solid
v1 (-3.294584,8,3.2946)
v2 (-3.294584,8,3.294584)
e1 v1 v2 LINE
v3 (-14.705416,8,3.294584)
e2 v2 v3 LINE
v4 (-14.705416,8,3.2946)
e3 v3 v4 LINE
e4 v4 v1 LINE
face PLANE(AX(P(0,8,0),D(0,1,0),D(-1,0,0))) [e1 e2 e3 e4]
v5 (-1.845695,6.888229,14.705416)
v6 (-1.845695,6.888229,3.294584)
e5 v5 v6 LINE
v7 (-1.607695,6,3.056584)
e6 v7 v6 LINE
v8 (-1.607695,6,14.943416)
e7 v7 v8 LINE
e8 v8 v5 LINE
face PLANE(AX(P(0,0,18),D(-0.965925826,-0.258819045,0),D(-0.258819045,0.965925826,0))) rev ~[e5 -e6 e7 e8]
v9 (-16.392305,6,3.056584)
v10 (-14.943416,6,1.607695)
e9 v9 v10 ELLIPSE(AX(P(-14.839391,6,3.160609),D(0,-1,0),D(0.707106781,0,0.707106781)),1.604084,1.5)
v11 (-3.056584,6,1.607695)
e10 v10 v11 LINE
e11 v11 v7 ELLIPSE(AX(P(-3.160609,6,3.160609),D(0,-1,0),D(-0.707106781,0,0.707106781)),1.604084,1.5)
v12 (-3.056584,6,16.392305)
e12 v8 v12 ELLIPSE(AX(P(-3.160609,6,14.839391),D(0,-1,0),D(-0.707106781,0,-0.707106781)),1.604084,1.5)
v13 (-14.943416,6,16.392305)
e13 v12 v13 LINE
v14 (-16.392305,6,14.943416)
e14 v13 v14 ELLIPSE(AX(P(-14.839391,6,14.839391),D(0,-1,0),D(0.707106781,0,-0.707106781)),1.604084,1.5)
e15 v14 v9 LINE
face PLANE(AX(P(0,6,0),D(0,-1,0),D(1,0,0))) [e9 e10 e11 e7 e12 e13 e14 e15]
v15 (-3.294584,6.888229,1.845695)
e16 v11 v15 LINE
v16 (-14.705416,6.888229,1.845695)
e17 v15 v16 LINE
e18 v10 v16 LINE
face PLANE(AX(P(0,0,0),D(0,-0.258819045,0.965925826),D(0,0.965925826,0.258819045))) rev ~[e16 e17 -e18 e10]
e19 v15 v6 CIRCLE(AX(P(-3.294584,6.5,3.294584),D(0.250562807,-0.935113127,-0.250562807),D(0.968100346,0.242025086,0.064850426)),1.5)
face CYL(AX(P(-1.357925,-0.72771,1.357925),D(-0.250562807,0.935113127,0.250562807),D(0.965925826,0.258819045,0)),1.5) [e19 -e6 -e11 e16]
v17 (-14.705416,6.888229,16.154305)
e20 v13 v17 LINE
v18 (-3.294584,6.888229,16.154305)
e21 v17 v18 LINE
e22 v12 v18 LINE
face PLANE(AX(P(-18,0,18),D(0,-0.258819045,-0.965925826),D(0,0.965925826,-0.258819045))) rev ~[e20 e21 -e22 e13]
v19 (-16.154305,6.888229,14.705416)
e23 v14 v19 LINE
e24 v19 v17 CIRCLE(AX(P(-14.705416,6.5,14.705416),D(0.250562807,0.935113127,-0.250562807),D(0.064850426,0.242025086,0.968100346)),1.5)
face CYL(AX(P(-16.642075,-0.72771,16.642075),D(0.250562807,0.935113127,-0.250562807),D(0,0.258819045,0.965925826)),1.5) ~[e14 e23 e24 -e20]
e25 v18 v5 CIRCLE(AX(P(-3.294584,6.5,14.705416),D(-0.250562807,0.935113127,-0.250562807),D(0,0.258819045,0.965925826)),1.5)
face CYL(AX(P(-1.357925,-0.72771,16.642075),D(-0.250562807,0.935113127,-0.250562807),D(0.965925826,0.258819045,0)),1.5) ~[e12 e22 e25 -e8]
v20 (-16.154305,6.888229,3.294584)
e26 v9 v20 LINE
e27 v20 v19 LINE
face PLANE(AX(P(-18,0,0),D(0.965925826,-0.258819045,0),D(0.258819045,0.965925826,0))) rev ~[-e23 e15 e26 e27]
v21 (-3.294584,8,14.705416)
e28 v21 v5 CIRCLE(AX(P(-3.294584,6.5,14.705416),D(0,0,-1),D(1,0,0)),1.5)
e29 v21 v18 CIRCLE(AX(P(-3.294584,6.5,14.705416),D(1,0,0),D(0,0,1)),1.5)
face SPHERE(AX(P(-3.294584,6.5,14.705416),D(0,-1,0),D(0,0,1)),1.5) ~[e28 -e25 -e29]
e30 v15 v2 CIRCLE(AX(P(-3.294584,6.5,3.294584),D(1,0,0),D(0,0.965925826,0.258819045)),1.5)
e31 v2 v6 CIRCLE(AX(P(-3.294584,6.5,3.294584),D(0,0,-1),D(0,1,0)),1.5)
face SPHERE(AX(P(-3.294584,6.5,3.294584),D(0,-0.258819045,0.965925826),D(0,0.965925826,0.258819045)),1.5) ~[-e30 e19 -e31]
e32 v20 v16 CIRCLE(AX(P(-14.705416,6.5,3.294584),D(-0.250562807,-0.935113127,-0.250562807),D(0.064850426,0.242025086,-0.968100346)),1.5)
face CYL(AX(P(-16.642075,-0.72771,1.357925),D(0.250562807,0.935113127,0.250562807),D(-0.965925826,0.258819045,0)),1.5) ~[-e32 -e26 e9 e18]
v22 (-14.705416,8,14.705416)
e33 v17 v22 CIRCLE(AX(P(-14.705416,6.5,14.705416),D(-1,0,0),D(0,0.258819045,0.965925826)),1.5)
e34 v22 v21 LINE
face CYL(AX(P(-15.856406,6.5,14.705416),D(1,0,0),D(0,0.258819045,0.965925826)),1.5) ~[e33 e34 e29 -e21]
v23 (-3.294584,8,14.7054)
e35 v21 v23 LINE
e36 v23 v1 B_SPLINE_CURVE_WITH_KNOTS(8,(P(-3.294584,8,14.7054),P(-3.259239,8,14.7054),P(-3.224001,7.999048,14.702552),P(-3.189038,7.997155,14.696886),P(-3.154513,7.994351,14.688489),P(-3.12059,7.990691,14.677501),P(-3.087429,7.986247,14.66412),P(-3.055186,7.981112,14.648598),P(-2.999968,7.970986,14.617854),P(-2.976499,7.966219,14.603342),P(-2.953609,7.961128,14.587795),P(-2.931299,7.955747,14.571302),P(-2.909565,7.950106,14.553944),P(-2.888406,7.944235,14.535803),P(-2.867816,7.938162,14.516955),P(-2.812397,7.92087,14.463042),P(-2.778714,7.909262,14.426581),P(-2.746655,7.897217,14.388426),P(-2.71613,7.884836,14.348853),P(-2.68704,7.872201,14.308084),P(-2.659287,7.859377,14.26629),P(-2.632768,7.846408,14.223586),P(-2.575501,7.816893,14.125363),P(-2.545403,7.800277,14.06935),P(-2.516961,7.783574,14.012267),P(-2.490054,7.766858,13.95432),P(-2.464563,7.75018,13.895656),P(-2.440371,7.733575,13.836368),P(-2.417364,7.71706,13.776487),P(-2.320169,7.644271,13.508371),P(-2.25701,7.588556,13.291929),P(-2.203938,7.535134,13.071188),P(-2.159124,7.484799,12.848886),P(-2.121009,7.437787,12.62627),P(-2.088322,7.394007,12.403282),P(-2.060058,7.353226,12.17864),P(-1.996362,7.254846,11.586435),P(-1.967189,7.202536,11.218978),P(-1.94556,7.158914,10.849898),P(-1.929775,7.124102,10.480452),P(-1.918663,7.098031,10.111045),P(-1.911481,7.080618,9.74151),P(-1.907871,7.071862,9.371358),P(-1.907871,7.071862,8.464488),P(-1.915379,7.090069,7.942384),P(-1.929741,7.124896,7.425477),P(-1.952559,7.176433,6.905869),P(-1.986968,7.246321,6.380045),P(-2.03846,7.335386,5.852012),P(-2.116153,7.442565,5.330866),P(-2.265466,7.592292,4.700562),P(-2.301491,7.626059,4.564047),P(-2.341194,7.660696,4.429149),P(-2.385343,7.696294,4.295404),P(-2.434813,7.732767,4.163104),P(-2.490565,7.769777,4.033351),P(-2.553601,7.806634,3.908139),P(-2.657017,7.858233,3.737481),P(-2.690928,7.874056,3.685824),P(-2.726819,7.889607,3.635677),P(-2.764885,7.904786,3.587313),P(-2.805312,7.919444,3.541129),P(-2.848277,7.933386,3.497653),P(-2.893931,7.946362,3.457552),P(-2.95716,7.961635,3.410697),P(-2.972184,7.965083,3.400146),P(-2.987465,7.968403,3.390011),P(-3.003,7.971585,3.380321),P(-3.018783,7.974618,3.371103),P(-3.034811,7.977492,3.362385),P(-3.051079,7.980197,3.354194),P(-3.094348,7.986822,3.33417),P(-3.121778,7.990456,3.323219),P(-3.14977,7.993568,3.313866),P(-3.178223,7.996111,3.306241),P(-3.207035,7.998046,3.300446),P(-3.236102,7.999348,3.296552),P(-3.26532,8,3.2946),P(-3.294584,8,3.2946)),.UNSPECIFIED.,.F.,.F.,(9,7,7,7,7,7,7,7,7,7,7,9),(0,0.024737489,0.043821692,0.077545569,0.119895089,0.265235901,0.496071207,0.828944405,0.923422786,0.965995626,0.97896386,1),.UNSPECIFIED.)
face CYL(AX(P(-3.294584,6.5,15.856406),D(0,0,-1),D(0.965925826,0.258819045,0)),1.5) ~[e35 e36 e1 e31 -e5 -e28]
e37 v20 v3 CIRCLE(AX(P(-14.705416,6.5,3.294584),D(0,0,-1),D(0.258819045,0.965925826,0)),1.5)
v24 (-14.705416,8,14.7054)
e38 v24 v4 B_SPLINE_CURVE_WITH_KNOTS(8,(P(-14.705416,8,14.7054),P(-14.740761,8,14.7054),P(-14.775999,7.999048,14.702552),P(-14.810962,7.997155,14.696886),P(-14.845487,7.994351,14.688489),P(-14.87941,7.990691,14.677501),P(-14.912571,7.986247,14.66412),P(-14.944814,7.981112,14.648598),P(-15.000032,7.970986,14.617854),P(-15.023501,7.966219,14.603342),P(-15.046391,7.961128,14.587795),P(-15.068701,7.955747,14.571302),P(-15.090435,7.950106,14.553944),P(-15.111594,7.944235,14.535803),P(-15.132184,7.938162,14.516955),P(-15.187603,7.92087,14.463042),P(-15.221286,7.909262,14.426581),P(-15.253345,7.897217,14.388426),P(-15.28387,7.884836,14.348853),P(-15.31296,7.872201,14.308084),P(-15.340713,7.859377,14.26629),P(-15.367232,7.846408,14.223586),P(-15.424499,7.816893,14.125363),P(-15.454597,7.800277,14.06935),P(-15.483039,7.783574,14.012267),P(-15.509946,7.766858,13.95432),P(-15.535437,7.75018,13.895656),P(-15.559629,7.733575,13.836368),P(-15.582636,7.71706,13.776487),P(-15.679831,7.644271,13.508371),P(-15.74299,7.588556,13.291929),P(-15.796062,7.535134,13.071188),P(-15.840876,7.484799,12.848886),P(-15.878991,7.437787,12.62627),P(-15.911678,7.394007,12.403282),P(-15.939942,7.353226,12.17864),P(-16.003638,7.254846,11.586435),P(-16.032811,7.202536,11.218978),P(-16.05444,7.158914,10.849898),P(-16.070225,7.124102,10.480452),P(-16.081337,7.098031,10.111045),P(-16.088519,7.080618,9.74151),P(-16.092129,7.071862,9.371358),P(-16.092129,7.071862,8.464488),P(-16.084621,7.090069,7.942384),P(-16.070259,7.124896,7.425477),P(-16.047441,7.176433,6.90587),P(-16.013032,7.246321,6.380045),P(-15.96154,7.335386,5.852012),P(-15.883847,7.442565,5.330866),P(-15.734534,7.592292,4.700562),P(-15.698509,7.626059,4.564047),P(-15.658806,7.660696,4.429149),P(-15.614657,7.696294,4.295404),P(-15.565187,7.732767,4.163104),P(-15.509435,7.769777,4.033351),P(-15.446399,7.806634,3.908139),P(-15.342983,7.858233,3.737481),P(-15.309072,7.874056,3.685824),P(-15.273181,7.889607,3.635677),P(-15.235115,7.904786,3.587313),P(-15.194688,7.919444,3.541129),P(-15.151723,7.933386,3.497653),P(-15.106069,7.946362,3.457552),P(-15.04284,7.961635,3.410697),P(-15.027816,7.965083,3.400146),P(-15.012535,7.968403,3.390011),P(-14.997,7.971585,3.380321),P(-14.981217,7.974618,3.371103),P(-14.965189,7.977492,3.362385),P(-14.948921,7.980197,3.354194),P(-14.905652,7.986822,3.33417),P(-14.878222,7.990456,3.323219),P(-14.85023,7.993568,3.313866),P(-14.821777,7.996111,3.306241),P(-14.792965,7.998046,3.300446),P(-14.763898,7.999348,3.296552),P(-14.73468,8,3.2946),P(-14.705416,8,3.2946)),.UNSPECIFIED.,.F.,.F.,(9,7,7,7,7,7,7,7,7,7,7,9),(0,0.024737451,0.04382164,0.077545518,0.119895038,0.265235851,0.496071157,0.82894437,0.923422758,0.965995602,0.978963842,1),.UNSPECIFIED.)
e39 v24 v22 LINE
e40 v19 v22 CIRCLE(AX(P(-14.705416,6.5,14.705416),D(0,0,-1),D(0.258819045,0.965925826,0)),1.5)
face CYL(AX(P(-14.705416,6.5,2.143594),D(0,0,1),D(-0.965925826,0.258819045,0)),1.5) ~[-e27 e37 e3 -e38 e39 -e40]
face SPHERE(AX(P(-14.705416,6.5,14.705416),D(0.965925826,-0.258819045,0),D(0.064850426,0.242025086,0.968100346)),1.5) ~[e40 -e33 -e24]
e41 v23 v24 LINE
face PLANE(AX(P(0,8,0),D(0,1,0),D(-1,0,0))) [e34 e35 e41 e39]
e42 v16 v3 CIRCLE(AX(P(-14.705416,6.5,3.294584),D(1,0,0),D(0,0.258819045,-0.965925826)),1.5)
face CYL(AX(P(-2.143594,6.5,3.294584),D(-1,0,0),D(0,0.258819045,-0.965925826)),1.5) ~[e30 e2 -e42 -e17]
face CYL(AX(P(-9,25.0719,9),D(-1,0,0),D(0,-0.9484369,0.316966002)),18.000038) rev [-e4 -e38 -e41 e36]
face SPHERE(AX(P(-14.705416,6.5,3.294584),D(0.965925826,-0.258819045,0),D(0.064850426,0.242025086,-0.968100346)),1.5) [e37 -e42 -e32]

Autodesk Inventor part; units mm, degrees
ref_plane "YZ Plane" through (0, 0, 0) normal (1, 0, 0) x (0, 1, 0)
ref_plane "XZ Plane" through (0, 0, 0) normal (0, 1, 0) x (-1, 0, 0)
sketch "Sketch1" plane through (0, 0, 0) normal (0, 1, 0) x (-1, 0, 0)
  line L0 (0, 0) -> (18, 0)
  line L1 (18, 0) -> (18, 18)
  line L2 (18, 18) -> (0, 18)
  line L3 (0, 18) -> (0, 0)
  dimension "d0" = 18
  dimension "d1" = 18
extrude "Extrusion1" add sketch "Sketch1" along normal blind 8 draft -15
fillet "Fillet1" radius 1.5 8 edges at (-1.0718, 4, 16.9282) (-9, 8, 15.8564) (-2.1436, 8, 9) (-9, 8, 2.1436) (-1.0718, 4, 1.0718) (-16.9282, 4, 1.0718) (-16.9282, 4, 16.9282) (-15.8564, 8, 9)
ref_plane "Work Plane1" through (-9, 33.5885, 16.5511) normal (1, 0, 0) x (0, 0, -1)
sketch "Sketch2" plane through (-9, 33.5885, 16.5511) normal (1, 0, 0) x (0, 0, -1)
  line L0 (13.2565, -25.5885) -> (1.8457, -25.5885) projected
  arc A0 (14.7054, -26.7002) -> (13.2565, -25.5885) centre (13.2565, -27.0885) ccw projected
  arc A1 (1.8457, -25.5885) -> (13.2565, -25.5885) centre (7.5511, -8.5166) ccw
  point P0 (16.5511, -33.5885)
  point P1 (13.2565, -25.5885)
  dimension "d5" = 18
extrude "Extrusion2" cut sketch "Sketch2" along normal through all both and the other way through all
sketch "Sketch3" plane through (0, 0, 0) normal (0, -1, 0) x (1, 0, 0)
  line L0 (-16.5511, 18) -> (-1.4489, 18) construction
  line L1 (-9, 18) -> (-9, 0) construction
  line L2 (-1.4489, 0) -> (-16.5511, 0) construction
  line L3 (-18, 1.4489) -> (-18, 16.5511) construction
  line L4 (-18, 9) -> (0, 9) construction
  line L5 (-1, 1) -> (-17, 1)
  line L6 (-17, 1) -> (-17, 17)
  line L7 (-17, 17) -> (-1, 17)
  line L8 (-1, 17) -> (-1, 1)
  line L9 (-1, 1) -> (-17, 17) construction
  line L10 (-17, 1) -> (-1, 17) construction
  point P0 (0, 0)
  point P1 (-9, 9)
  point P2 (-9, 9)
  dimension "d8" = 16
  dimension "d9" = 16
extrude "Extrusion3" cut sketch "Sketch3" against normal blind 4.5 draft -15
sketch "Sketch4" plane through (0, 4.5, 0) normal (0, -1, 0) x (1, 0, 0)
  line L0 (-15.7942, 15.7942) -> (-15.7942, 2.2058) construction
  line L1 (-15.7942, 9) -> (-2.2058, 9) construction
  line L2 (-2.2058, 2.2058) -> (-2.2058, 15.7942) construction
  line L3 (-2.2058, 15.7942) -> (-15.7942, 15.7942) construction
  line L4 (-9, 15.7942) -> (-9, 2.2058) construction
  line L5 (-15.7942, 2.2058) -> (-2.2058, 2.2058) construction
  circle A0 centre (-9, 9) radius 2.775
  point P0 (0, 0)
  dimension "d12" = 5.55
extrude "Extrusion4" add sketch "Sketch4" along normal blind 4
sketch "Sketch5" plane through (-9, 0.5, 9) normal (0, -1, 0) x (1, 0, 0)
  line L0 (0.6, 2.075) -> (-0.6, 2.075)
  line L1 (-0.6, -2.075) -> (0.6, -2.075)
  line L2 (-0.6, 2.075) -> (0.6, -2.075) construction
  line L3 (-2.075, 0.6) -> (-2.075, -0.6)
  line L4 (2.075, -0.6) -> (2.075, 0.6)
  line L5 (2.075, 0.6) -> (-2.075, -0.6) construction
  line L6 (-2.075, 0.6) -> (2.075, -0.6) construction
  line L7 (-6.7942, 6.7942) -> (-6.7942, -6.7942) construction
  line L8 (-6.7942, 0) -> (6.7942, 0) construction
  line L9 (6.7942, -6.7942) -> (6.7942, 6.7942) construction
  line L10 (-6.7942, -6.7942) -> (6.7942, -6.7942) construction
  line L11 (0, -6.7942) -> (0, 6.7942) construction
  arc A0 (0.9, -0.6) -> (0.6, -0.9) centre (0.9, -0.9) ccw
  arc A1 (-0.6, -0.9) -> (-0.9, -0.6) centre (-0.9, -0.9) ccw
  arc A2 (0.6, 0.9) -> (0.9, 0.6) centre (0.9, 0.9) ccw
  arc A3 (-0.9, 0.6) -> (-0.6, 0.9) centre (-0.9, 0.9) ccw
  line L12 (-0.6, 2.075) -> (-0.6, 0.9)
  line L13 (-0.6, -0.9) -> (-0.6, -2.075)
  line L14 (-2.075, -0.6) -> (-0.9, -0.6)
  line L15 (-0.9, 0.6) -> (-2.075, 0.6)
  line L16 (0.6, 2.075) -> (0.1735, 0.6) construction
  line L17 (0, 0) -> (-0.6, -2.075) construction
  line L18 (2.075, 0.6) -> (0.9, 0.6)
  line L19 (0.9, -0.6) -> (2.075, -0.6)
  line L20 (0.6, -2.075) -> (0.6, -0.9)
  line L21 (0.6, 0.9) -> (0.6, 2.075)
  point P0 (9, -9)
  dimension "d15" = 1.2
  dimension "d16" = 4.15
  dimension "d17" = 4.15
  dimension "d18" = 1.2
  dimension "d19" = 0.3
extrude "Extrusion5" cut sketch "Sketch5" against normal blind 4
ref_plane "Work Plane3" through (0, 6, 0) normal (0, -1, 0) x (1, 0, 0)
split_face "Split1"
sketch "Sketch7" plane through (0, 6, 0) normal (0, -1, 0) x (1, 0, 0)
  line L0 (-25.6931, 27.6788) -> (12.1363, 27.6788)
  line L1 (12.1363, 27.6788) -> (12.1363, -37.3947)
  line L2 (12.1363, -37.3947) -> (-25.6931, -37.3947)
  line L3 (-25.6931, -37.3947) -> (-25.6931, 27.6788)
  point P0 (0, 0)
extrude "Extrusion7" cut sketch "Sketch7" along normal blind 10
properties part number "top"
